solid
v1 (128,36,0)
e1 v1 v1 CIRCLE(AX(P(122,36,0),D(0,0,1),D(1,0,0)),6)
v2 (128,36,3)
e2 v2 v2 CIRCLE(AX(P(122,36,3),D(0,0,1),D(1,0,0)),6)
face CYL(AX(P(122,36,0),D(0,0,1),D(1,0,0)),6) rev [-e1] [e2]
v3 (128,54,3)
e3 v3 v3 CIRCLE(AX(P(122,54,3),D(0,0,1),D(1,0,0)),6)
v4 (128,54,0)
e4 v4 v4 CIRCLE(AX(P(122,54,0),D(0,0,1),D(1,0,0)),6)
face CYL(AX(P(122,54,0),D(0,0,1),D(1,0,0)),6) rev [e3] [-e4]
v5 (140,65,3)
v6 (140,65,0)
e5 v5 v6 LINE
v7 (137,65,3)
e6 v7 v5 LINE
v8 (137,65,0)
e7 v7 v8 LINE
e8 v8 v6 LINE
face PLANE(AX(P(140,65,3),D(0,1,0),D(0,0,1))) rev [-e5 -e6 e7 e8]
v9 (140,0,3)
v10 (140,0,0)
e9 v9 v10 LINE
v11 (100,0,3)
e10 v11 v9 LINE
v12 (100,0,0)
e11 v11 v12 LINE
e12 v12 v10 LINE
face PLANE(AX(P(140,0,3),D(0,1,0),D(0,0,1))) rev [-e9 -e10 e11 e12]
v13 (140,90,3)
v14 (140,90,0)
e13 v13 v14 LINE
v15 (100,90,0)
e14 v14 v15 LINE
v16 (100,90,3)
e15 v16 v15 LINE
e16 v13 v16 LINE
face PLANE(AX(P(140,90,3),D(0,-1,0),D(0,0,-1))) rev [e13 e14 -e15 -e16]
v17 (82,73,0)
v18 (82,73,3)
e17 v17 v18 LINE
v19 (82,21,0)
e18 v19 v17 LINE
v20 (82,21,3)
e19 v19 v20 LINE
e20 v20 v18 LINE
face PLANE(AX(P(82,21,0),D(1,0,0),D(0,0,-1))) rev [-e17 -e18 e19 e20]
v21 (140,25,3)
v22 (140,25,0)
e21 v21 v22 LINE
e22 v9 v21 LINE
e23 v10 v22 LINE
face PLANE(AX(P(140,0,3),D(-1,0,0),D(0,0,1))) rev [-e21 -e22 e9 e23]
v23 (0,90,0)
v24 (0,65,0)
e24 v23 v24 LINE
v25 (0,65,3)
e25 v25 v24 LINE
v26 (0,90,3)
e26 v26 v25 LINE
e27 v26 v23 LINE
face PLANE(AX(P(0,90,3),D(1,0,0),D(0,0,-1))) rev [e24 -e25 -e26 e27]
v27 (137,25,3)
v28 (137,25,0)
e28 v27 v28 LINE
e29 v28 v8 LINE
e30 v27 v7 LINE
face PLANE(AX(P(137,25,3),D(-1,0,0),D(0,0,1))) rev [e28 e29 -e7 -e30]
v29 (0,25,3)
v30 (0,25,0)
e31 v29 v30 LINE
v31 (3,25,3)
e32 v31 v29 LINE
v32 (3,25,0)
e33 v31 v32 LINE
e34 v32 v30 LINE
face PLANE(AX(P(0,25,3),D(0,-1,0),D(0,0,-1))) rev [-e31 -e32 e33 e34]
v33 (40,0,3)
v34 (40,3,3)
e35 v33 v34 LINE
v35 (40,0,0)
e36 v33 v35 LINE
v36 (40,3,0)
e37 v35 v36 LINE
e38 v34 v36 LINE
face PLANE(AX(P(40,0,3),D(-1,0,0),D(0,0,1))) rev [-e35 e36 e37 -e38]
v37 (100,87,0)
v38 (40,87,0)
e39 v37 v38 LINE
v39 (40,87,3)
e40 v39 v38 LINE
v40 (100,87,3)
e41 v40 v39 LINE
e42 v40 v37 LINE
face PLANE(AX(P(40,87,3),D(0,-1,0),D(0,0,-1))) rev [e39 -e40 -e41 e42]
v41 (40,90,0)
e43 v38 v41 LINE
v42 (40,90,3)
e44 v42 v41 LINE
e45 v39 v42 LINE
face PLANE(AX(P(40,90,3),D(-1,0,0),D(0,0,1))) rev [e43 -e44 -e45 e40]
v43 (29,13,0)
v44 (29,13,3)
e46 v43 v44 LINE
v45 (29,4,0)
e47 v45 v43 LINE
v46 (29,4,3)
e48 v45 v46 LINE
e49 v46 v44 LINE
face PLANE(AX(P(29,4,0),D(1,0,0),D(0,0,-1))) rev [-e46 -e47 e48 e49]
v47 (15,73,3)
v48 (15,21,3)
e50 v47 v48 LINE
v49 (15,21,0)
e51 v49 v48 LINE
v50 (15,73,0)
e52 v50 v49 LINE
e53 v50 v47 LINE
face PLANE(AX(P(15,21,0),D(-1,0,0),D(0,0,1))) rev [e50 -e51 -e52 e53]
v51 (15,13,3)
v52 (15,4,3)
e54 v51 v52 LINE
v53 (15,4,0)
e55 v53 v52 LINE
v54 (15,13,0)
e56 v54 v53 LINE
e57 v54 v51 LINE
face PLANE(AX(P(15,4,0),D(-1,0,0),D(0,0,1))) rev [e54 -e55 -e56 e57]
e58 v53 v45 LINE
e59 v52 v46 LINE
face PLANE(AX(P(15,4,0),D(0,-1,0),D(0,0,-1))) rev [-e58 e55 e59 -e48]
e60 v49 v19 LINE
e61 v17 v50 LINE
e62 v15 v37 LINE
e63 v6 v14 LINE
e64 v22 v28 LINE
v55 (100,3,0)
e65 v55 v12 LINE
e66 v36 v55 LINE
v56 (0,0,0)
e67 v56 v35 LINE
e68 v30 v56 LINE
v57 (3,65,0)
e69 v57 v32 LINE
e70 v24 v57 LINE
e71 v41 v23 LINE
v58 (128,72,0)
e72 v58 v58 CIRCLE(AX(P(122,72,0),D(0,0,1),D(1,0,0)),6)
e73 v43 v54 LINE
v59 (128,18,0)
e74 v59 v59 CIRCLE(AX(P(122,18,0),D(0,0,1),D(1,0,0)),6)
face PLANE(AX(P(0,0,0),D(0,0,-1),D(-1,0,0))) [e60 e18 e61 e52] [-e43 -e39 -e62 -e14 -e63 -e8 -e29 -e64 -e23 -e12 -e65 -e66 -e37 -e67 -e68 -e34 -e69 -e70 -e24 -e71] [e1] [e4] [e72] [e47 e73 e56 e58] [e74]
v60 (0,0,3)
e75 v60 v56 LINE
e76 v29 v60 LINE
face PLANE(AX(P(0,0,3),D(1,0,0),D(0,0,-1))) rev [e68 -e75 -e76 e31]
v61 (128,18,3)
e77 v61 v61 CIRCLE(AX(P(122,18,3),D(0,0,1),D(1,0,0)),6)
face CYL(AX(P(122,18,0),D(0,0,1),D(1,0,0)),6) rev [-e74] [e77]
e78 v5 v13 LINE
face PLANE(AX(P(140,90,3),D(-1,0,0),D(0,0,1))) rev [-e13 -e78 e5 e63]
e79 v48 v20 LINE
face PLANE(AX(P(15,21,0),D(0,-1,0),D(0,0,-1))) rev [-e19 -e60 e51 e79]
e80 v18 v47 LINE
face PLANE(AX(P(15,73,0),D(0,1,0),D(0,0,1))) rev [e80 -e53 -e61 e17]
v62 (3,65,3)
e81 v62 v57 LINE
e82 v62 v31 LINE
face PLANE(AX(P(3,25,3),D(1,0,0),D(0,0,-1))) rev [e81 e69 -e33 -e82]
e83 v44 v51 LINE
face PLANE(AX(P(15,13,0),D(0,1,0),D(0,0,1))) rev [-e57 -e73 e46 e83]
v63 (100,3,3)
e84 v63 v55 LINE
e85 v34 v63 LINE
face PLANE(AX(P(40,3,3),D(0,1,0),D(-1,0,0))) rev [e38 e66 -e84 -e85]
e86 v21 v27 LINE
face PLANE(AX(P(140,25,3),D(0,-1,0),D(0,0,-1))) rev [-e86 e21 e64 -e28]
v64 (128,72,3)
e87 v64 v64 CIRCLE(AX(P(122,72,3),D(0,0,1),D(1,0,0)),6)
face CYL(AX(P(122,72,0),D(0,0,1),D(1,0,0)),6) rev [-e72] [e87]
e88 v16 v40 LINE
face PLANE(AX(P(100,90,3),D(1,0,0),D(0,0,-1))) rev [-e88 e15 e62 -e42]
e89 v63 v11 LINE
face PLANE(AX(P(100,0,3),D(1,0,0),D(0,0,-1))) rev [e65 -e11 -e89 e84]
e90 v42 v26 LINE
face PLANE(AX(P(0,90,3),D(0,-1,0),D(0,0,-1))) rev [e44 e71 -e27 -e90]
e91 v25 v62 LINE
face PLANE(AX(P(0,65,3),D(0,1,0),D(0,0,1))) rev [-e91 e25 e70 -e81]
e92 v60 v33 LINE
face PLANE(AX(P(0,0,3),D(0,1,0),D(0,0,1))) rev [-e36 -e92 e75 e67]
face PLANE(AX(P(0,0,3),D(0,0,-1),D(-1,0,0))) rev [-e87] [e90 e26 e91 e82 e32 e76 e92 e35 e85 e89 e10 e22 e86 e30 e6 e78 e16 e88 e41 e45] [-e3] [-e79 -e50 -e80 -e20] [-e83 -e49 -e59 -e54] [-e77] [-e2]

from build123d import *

# Parameters (mm, degrees)
EXTRUDE_1_DEPTH     = 3
SKETCH_2_W          = 14
SKETCH_2_H          = 9
CUT_EXTRUDE_1_DEPTH = 167.460205455
SKETCH_3_W          = 67
SKETCH_3_H          = 52
CUT_EXTRUDE_2_DEPTH = 167.460205455
SKETCH_4_R          = 6
CUT_EXTRUDE_3_DEPTH = 167.460205455


with BuildPart() as part:
    # Эскиз1 → Бобышка-Вытянуть1 (new body)
    with BuildSketch(Plane.XY):
        Polygon((0, 0), (40, 0), (40, 3), (100, 3), (100, 0), (140, 0), (140, 25), (137, 25), (137, 65), (140, 65), (140, 90), (100, 90), (100, 87), (40, 87), (40, 90), (0, 90), (0, 65), (3, 65), (3, 25), (0, 25), align=None)
    extrude(amount=EXTRUDE_1_DEPTH)

    # Эскиз2 → Вырез-Вытянуть1 (cut, through all)
    with BuildSketch(Plane.XY.offset(3)):
        with Locations((22, 8.5)):
            Rectangle(SKETCH_2_W, SKETCH_2_H)
    extrude(amount=-CUT_EXTRUDE_1_DEPTH, mode=Mode.SUBTRACT)

    # Эскиз3 → Вырез-Вытянуть2 (cut, through all)
    with BuildSketch(Plane.XY.offset(3)):
        with Locations((48.5, 47)):
            Rectangle(SKETCH_3_W, SKETCH_3_H)
    extrude(amount=-CUT_EXTRUDE_2_DEPTH, mode=Mode.SUBTRACT)

    # Эскиз4 → Вырез-Вытянуть3 (cut, through all)
    with BuildSketch(Plane.XY.offset(3)):
        with Locations((122, 72)):
            Circle(SKETCH_4_R)
        with Locations((122, 54)):
            Circle(SKETCH_4_R)
        with Locations((122, 36)):
            Circle(SKETCH_4_R)
        with Locations((122, 18)):
            Circle(SKETCH_4_R)
    extrude(amount=-CUT_EXTRUDE_3_DEPTH, mode=Mode.SUBTRACT)


solid = part.part
